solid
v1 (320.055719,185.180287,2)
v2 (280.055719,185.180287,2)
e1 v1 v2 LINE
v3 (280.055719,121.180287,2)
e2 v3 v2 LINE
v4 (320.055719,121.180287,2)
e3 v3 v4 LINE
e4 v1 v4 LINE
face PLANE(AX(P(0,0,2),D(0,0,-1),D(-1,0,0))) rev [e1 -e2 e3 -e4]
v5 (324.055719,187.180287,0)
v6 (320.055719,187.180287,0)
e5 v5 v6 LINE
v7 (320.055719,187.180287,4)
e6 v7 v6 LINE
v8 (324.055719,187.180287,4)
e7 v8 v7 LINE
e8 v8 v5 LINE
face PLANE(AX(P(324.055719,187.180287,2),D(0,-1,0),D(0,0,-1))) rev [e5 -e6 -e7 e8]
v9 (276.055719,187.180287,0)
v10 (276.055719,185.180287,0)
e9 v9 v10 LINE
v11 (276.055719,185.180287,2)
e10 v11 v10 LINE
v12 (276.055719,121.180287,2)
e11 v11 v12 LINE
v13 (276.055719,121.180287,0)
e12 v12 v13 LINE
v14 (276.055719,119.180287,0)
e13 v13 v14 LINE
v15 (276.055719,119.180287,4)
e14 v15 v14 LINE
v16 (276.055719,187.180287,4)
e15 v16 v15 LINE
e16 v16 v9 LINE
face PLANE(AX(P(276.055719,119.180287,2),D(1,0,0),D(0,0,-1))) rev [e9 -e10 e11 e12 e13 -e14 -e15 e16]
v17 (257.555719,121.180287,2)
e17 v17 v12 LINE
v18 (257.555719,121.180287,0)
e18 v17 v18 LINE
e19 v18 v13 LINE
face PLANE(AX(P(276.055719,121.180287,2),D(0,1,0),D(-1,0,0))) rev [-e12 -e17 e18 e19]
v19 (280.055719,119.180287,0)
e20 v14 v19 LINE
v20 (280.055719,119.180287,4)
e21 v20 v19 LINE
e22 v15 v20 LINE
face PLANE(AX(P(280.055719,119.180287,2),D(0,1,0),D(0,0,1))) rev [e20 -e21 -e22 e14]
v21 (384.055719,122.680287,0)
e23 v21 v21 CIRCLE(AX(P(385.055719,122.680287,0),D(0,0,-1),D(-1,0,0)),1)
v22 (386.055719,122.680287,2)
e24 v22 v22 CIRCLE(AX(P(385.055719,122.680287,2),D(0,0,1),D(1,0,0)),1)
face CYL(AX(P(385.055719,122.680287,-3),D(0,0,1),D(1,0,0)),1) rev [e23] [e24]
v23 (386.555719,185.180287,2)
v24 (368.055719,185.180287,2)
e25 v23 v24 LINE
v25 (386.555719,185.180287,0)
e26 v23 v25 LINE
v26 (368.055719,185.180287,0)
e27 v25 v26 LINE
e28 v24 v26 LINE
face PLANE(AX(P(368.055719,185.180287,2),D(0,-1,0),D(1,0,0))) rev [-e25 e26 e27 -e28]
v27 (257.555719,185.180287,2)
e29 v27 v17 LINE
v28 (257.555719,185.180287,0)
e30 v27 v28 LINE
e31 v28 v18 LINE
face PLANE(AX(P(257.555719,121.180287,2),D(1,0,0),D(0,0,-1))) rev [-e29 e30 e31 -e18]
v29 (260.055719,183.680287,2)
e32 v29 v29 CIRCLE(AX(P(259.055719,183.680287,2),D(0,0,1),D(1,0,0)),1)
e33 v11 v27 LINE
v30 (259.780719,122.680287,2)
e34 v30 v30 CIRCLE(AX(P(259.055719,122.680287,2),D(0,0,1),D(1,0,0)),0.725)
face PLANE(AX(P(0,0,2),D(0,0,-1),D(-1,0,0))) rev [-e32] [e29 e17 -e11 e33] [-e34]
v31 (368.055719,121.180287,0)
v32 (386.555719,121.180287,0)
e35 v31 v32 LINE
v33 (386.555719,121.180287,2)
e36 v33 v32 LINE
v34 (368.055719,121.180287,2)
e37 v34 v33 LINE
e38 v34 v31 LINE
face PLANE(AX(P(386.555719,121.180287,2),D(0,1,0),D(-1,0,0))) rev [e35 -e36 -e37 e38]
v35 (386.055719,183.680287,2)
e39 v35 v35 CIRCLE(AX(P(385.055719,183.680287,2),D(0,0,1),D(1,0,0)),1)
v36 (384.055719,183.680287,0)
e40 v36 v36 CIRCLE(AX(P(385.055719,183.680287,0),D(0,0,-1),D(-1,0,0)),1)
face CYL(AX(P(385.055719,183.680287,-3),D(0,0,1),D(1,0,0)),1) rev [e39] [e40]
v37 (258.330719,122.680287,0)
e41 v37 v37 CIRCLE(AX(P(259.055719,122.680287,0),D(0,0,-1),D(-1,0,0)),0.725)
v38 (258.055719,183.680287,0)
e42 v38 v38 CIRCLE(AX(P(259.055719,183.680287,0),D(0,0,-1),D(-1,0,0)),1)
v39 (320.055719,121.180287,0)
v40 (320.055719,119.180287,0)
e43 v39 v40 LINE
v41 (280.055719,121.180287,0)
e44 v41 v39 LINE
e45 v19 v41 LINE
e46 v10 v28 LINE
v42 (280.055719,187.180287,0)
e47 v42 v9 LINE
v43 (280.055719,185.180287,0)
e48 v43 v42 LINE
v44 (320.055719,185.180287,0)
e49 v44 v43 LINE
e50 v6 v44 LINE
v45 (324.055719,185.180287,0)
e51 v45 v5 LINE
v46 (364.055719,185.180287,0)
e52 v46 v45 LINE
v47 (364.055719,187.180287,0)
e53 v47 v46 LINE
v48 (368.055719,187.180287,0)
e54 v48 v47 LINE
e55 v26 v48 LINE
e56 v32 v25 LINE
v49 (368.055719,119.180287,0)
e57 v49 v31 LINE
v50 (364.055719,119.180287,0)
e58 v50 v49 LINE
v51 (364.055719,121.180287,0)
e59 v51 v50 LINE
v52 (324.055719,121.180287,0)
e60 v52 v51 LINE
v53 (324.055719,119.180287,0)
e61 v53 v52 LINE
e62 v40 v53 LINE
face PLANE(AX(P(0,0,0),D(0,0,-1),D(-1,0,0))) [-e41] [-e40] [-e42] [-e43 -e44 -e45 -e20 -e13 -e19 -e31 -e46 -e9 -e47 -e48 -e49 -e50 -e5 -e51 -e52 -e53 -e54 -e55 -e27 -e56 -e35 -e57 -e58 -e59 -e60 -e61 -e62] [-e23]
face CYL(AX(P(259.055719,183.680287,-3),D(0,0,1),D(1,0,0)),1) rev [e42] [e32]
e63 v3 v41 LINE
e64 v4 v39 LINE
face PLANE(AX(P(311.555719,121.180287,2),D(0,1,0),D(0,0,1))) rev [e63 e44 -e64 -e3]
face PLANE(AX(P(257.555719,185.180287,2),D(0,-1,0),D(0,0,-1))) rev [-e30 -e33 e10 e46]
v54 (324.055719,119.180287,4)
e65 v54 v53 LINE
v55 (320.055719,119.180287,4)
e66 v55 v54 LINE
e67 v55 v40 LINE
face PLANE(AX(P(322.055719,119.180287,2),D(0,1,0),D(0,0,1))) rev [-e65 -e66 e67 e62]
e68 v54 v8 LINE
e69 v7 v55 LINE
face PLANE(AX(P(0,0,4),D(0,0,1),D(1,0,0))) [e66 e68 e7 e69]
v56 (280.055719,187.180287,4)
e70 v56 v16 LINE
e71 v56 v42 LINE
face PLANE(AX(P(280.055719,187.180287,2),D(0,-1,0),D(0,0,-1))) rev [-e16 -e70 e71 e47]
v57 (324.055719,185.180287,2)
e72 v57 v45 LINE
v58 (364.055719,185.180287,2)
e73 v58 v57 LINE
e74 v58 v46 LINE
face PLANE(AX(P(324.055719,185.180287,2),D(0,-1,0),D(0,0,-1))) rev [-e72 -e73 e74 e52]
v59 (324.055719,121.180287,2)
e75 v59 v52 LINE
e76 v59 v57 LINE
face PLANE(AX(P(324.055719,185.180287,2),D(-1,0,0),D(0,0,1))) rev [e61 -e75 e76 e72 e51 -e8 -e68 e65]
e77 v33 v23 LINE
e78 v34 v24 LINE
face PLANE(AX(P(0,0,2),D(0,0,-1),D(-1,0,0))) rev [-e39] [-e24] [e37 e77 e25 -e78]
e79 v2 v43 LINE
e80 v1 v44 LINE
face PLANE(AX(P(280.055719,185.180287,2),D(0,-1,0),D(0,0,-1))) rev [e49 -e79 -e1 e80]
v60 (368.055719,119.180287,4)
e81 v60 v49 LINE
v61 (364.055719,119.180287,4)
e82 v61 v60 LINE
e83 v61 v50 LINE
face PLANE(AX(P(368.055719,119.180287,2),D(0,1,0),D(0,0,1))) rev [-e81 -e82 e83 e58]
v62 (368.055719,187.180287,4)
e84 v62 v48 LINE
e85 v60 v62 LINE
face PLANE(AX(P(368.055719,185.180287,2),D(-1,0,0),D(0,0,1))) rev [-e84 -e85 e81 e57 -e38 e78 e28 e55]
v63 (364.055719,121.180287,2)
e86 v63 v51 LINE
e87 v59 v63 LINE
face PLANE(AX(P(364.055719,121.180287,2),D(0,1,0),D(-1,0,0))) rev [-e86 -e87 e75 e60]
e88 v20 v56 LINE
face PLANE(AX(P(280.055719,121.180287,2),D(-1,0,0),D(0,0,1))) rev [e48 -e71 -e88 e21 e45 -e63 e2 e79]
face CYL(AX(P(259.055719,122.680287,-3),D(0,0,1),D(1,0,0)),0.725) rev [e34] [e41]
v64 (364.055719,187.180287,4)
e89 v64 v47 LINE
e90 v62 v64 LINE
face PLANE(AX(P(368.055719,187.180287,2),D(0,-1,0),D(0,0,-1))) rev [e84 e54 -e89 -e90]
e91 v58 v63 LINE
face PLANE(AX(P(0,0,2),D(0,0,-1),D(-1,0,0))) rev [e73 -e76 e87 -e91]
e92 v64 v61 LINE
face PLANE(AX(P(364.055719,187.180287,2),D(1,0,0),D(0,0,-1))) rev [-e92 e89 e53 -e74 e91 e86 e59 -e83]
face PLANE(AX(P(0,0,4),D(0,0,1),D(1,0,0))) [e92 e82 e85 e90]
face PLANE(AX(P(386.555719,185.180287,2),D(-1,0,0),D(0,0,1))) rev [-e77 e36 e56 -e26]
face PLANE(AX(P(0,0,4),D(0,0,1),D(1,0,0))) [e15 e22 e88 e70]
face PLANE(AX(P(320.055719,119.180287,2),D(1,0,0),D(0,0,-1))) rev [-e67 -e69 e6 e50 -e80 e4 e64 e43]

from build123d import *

# Parameters (mm, degrees)
EXTRUDE_1_DEPTH     = 2
SKETCH_2_W          = 4
SKETCH_2_H          = 68
EXTRUDE_2_DEPTH     = 2
SKETCH_3_R          = 1
SKETCH_3_R_2        = 0.725
CUT_EXTRUDE_1_DEPTH = 5


with BuildPart() as part:
    # Model → 凸台-拉伸1 (new body)
    with BuildSketch(Plane.XY):
        Polygon((257.555719115, 185.180286748), (276.055719115, 185.180286748), (276.055719115, 187.180286748), (280.055719115, 187.180286748), (280.055719115, 185.180286748), (320.055719115, 185.180286748), (320.055719115, 187.180286748), (324.055719115, 187.180286748), (324.055719115, 185.180286748), (364.055719115, 185.180286748), (364.055719115, 187.180286748), (368.055719115, 187.180286748), (368.055719115, 185.180286748), (386.555719115, 185.180286748), (386.555719115, 173.180286748), (386.555719115, 169.180286748), (386.555719115, 137.180286748), (386.555719115, 133.180286748), (386.555719115, 121.180286748), (368.055719115, 121.180286748), (368.055719115, 119.180286748), (364.055719115, 119.180286748), (364.055719115, 121.180286748), (332.555719115, 121.180286748), (324.055719115, 121.180286748), (324.055719115, 119.180286748), (322.055719115, 119.180286748), (320.055719115, 119.180286748), (320.055719115, 121.180286748), (311.555719115, 121.180286748), (280.055719115, 121.180286748), (280.055719115, 119.180286748), (276.055719115, 119.180286748), (276.055719115, 121.180286748), (257.555719115, 121.180286748), (257.555719115, 133.180286748), (257.555719115, 137.180286748), (257.555719115, 169.180286748), (257.555719115, 173.180286748), align=None)
    extrude(amount=EXTRUDE_1_DEPTH)

    # 草图2 → 凸台-拉伸2 (add)
    with BuildSketch(Plane.XY.offset(2)):
        with Locations((366.055719115, 153.180286748)):
            Rectangle(SKETCH_2_W, SKETCH_2_H)
        with Locations((322.055719115, 153.180286748)):
            Rectangle(SKETCH_2_W, SKETCH_2_H)
        with Locations((278.055719115, 153.180286748)):
            Rectangle(SKETCH_2_W, SKETCH_2_H)
    extrude(amount=EXTRUDE_2_DEPTH)

    # 草图3 → 切除-拉伸1 (cut)
    with BuildSketch(Plane.XY.offset(2)):
        with Locations((259.055719115, 183.680286748)):
            Circle(SKETCH_3_R)
        with Locations((385.055719115, 183.680286748)):
            Circle(SKETCH_3_R)
        with Locations((385.055719115, 122.680286748)):
            Circle(SKETCH_3_R)
        with Locations((259.055719115, 122.680286748)):
            Circle(SKETCH_3_R_2)
    extrude(amount=-CUT_EXTRUDE_1_DEPTH, mode=Mode.SUBTRACT)


solid = part.part
